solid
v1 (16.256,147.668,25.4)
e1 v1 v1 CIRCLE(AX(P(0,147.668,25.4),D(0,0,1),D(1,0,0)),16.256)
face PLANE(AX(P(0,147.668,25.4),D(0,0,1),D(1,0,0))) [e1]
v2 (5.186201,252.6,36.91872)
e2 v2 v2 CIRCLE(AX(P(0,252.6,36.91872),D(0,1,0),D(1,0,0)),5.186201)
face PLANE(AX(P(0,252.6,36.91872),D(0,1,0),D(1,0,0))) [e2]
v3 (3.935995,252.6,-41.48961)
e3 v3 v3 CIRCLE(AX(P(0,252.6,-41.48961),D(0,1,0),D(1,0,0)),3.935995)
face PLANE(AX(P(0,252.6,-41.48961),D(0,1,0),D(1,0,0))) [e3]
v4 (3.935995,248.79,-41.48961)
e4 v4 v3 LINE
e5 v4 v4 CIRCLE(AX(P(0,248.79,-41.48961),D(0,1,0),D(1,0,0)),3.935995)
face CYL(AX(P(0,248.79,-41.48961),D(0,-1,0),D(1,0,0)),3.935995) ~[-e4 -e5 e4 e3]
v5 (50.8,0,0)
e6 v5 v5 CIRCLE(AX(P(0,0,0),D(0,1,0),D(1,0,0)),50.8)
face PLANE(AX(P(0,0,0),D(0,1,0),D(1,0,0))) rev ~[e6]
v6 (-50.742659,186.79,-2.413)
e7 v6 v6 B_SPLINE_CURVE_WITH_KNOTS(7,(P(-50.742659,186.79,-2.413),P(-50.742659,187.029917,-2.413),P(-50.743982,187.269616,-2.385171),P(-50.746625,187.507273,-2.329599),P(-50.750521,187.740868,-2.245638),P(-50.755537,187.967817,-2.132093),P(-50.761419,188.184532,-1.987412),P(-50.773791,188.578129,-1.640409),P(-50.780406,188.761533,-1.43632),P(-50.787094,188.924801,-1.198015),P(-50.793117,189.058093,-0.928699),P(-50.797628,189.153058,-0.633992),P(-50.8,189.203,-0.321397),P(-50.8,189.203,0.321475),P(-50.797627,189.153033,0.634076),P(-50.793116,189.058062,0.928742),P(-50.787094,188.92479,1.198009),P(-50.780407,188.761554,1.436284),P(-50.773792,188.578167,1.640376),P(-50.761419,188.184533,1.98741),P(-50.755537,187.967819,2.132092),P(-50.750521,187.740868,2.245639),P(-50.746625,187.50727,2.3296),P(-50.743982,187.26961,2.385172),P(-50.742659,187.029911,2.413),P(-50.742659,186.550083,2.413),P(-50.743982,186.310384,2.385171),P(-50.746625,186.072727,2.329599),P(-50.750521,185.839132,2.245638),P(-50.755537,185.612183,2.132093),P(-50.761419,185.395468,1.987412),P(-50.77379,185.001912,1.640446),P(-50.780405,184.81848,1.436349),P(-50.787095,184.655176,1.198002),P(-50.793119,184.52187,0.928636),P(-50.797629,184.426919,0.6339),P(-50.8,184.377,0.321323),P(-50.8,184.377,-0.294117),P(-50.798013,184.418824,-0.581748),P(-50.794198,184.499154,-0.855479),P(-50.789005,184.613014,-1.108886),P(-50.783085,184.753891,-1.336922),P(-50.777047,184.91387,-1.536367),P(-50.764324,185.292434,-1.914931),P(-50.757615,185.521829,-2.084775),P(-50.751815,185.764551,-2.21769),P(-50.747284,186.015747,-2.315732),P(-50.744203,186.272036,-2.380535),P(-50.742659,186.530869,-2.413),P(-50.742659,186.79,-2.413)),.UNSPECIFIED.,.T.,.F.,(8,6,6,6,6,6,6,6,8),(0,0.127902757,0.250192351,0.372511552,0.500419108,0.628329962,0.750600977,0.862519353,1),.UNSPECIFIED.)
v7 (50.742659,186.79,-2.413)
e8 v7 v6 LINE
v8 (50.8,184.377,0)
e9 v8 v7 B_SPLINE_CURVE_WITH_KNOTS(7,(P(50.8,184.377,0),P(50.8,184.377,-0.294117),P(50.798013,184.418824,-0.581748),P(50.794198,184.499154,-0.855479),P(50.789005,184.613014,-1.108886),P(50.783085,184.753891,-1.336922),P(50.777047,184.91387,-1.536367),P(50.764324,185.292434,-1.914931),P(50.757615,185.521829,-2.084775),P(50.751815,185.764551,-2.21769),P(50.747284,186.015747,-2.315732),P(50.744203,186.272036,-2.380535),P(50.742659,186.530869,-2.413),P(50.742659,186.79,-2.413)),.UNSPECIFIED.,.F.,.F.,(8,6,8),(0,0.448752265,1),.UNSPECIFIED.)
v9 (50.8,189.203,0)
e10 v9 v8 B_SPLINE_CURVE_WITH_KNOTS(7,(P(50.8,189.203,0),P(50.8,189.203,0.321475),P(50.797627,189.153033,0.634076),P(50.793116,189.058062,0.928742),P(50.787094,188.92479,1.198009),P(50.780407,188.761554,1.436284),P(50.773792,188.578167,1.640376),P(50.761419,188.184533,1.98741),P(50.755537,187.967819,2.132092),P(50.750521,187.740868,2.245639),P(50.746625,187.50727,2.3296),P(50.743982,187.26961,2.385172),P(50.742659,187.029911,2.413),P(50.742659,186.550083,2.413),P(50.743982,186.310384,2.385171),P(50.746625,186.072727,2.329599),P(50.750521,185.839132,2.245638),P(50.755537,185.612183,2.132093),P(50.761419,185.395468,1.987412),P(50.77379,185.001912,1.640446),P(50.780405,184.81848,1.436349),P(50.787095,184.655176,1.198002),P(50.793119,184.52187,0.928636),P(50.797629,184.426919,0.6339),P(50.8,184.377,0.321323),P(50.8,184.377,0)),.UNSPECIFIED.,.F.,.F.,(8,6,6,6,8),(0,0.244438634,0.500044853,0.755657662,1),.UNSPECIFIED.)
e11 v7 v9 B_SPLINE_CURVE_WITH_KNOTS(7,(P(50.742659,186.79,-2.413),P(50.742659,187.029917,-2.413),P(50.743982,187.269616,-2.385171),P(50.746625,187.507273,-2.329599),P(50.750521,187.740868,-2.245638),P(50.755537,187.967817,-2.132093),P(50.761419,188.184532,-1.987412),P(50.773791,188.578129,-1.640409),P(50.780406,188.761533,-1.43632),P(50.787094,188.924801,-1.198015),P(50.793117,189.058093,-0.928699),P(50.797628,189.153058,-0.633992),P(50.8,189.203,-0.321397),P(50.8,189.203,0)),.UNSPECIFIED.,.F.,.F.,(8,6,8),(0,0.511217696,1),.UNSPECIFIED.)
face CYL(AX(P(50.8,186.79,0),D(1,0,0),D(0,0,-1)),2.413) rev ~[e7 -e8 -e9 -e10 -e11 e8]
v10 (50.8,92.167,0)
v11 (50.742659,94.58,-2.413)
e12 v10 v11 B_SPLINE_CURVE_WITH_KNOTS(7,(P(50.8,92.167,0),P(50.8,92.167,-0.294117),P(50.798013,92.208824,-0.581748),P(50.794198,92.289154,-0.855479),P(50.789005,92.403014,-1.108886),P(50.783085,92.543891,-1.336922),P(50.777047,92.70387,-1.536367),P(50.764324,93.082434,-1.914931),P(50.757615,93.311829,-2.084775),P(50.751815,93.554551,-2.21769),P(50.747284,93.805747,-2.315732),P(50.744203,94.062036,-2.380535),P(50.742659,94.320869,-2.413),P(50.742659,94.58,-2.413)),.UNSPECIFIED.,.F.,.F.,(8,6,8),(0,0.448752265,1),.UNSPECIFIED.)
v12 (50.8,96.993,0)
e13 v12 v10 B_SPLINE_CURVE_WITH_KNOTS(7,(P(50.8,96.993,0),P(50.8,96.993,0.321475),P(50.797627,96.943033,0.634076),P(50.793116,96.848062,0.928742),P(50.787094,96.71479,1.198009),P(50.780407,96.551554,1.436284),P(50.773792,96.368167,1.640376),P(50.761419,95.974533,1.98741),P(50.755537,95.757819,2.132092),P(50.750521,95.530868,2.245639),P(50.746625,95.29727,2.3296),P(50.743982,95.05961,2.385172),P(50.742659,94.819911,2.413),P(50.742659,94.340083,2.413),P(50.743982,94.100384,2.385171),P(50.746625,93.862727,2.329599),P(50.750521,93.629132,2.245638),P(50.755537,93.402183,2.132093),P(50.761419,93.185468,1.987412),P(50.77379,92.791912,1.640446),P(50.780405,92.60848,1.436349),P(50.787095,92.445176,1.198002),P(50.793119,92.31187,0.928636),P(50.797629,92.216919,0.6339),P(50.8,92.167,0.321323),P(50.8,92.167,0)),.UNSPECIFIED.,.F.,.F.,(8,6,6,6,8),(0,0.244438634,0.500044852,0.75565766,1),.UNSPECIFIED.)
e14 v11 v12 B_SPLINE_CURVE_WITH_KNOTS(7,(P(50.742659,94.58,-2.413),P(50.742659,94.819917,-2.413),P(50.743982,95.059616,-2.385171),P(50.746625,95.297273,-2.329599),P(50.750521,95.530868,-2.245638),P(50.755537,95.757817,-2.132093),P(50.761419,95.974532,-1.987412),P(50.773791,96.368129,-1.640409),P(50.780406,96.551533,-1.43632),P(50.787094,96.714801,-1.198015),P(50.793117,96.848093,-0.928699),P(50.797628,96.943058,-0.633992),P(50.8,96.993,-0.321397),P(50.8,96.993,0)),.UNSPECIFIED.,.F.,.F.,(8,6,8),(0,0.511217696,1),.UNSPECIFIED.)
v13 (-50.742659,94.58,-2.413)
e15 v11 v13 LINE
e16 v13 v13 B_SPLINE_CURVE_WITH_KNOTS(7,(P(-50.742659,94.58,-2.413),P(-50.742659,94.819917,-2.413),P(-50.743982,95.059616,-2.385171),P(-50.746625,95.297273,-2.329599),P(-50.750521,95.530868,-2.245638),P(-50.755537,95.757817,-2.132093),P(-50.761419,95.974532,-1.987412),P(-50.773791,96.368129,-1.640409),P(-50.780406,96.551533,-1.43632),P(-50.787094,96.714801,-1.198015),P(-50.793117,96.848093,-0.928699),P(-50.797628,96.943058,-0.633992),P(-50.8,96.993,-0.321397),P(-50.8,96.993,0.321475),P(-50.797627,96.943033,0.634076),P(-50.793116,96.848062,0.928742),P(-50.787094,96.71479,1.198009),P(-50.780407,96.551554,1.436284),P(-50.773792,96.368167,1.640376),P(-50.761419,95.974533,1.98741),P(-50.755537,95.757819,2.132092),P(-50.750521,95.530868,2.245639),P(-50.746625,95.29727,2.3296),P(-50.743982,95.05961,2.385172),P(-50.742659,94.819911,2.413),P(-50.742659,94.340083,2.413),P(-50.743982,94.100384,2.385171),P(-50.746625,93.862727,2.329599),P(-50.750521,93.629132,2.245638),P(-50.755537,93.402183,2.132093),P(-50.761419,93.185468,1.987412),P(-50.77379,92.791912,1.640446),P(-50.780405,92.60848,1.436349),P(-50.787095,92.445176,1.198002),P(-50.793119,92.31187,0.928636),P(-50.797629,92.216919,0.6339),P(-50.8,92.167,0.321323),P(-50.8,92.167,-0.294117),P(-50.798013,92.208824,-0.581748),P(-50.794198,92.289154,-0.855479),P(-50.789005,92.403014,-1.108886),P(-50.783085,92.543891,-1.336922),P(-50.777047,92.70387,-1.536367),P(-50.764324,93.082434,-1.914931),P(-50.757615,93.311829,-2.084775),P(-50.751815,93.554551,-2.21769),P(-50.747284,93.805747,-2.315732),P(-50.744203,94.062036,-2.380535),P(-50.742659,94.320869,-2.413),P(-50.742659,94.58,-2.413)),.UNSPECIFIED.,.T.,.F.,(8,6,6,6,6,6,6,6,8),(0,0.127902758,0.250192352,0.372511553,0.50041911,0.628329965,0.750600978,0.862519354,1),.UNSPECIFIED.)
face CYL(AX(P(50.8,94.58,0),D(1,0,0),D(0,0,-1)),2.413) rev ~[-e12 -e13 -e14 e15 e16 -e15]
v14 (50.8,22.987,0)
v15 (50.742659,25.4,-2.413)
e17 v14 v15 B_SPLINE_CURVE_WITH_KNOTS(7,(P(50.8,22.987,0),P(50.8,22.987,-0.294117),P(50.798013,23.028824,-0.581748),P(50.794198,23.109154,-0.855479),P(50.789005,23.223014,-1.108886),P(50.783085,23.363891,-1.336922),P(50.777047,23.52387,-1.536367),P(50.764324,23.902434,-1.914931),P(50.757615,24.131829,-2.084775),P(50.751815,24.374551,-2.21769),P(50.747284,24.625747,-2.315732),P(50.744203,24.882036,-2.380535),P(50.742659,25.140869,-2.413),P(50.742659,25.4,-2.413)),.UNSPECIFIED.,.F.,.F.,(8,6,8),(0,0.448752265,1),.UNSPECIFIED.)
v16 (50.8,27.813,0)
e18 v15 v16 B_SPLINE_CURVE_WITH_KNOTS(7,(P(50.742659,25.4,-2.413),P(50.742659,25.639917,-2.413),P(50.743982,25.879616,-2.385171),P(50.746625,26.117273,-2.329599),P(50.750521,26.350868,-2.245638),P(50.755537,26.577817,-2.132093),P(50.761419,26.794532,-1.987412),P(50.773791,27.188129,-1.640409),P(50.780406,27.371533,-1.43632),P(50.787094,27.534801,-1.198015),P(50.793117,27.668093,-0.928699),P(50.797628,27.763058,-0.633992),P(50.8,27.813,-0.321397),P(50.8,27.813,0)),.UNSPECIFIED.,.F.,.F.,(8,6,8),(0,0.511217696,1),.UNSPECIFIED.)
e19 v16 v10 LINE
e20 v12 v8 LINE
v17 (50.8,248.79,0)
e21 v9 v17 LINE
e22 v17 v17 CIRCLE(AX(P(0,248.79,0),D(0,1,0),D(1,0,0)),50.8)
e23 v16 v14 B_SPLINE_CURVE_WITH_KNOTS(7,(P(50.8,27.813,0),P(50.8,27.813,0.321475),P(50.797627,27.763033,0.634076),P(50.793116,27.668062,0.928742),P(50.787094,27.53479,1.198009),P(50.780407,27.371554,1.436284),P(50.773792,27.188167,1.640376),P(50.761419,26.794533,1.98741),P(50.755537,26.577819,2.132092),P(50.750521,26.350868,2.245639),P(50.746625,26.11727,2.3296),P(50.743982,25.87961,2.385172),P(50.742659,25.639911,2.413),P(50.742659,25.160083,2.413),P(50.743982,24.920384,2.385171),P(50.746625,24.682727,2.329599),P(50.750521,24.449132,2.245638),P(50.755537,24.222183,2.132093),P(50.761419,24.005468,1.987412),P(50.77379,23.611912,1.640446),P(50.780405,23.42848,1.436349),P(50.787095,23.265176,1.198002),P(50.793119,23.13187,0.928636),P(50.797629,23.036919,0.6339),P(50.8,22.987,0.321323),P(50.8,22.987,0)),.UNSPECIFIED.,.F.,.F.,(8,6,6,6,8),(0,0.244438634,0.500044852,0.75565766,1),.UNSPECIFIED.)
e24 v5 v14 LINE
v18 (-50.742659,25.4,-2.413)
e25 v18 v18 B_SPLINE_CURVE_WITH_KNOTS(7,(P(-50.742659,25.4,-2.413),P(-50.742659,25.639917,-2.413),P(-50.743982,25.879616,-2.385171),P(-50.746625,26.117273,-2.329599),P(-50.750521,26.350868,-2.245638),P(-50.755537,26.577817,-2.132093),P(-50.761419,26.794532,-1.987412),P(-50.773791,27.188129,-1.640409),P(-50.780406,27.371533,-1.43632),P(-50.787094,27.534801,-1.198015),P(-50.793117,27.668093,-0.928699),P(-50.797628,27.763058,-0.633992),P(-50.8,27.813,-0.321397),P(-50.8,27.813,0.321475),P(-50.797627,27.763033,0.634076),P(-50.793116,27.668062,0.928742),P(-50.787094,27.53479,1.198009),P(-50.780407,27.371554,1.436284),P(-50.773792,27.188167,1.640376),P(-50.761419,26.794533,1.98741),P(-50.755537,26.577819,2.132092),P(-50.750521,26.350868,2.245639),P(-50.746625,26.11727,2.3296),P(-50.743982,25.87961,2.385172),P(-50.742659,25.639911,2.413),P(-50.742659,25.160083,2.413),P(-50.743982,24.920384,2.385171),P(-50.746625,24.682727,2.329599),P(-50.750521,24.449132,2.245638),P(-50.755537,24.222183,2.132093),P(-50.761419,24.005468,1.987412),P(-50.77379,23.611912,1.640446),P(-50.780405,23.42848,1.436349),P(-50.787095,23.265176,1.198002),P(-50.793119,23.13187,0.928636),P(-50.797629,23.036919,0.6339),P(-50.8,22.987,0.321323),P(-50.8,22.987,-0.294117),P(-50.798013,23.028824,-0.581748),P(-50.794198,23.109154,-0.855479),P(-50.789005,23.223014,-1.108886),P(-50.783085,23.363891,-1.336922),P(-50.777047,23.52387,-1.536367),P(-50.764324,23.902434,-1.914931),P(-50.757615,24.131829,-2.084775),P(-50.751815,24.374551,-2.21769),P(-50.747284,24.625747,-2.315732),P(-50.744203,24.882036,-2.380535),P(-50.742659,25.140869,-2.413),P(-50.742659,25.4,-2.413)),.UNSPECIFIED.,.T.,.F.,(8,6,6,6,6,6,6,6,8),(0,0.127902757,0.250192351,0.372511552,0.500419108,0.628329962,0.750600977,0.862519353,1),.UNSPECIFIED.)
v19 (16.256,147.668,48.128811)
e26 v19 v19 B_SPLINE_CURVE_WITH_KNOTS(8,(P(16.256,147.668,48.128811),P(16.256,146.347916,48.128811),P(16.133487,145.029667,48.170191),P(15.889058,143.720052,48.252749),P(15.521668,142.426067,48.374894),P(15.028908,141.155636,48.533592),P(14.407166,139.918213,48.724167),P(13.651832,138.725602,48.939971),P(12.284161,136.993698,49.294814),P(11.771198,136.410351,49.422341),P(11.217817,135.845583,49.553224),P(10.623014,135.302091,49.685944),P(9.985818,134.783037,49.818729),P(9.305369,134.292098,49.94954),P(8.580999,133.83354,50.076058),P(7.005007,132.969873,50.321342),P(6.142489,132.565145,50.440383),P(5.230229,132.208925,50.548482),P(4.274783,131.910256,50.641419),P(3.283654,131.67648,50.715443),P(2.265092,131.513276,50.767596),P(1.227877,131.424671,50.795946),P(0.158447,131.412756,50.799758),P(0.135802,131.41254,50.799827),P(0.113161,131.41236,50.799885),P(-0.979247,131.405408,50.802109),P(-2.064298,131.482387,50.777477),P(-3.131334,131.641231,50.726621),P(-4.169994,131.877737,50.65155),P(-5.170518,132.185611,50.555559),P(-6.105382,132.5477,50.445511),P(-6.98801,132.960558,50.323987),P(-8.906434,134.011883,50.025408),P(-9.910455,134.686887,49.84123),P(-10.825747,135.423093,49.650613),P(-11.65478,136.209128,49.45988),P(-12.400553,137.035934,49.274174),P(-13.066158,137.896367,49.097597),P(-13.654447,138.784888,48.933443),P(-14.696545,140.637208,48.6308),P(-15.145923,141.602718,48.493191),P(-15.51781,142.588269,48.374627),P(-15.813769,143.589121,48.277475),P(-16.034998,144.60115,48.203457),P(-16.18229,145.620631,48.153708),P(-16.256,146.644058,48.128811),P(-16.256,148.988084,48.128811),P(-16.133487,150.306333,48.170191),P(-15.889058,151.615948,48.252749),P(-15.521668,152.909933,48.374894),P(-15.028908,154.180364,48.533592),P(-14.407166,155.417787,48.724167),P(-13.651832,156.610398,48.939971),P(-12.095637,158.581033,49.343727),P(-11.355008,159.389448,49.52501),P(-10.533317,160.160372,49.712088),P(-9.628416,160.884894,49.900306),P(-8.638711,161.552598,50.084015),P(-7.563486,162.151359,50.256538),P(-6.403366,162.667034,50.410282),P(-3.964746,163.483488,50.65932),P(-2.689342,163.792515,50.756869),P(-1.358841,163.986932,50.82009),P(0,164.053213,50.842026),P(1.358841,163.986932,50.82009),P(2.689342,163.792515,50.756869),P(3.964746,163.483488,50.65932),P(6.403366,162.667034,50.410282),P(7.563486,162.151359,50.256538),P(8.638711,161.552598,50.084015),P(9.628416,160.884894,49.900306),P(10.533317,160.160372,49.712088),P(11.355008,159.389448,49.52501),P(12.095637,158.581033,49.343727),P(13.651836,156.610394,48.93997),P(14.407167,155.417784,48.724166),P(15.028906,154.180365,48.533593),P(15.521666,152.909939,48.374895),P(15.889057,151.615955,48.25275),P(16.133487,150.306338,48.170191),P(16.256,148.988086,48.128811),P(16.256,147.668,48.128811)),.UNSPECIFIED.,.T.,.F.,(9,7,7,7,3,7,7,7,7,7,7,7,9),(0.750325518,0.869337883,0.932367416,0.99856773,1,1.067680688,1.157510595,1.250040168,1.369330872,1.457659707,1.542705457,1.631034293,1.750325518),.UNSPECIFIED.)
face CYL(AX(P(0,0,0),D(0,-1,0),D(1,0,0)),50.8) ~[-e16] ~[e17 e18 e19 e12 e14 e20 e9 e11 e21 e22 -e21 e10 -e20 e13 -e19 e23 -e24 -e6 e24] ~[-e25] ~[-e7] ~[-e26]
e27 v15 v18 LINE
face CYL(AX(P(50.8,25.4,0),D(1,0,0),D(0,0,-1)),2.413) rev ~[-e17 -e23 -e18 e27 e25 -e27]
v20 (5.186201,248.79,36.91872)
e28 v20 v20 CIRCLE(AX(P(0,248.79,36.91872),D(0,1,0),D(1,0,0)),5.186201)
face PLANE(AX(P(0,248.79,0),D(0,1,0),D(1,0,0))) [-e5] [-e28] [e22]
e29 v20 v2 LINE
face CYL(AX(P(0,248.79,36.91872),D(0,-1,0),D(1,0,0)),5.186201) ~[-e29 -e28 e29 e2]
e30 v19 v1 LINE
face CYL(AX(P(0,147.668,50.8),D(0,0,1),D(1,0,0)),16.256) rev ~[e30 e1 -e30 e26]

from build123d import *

# Parameters (mm, degrees)
SKETCH1_R           = 50.8
BOSS_EXTRUDE1_DEPTH = 248.79
SKETCH3_R           = 16.256
CUT_EXTRUDE1_DEPTH  = 25.4
SKETCH4_R           = 2.413
CUT_EXTRUDE2_DEPTH  = 102.6000001
SKETCH5_R           = 3.935994996
SKETCH5_R_2         = 5.186201194
BOSS_EXTRUDE2_DEPTH = 3.81


with BuildPart() as part:
    # Sketch1 → Boss-Extrude1 (new body)
    with BuildSketch(Plane(origin=(0, 0, 0), x_dir=(1, 0, 0), z_dir=(0, 1, 0))):
        Circle(SKETCH1_R)
    extrude(amount=BOSS_EXTRUDE1_DEPTH)

    # Sketch3 → Cut-Extrude1 (cut)
    with BuildSketch(Plane.XY.offset(50.8)):
        with Locations((0, 147.668)):
            Circle(SKETCH3_R)
    extrude(amount=-CUT_EXTRUDE1_DEPTH, mode=Mode.SUBTRACT)

    # Sketch4 → Cut-Extrude2 (cut, through all)
    with BuildSketch(Plane(origin=(50.8, 0, 0), x_dir=(0, 0, -1), z_dir=(1, 0, 0))):
        with Locations((0, 186.79)):
            Circle(SKETCH4_R)
        with Locations((0, 94.58)):
            Circle(SKETCH4_R)
        with Locations((0, 25.4)):
            Circle(SKETCH4_R)
    extrude(amount=-CUT_EXTRUDE2_DEPTH, mode=Mode.SUBTRACT)

    # Sketch5 → Boss-Extrude2 (add)
    with BuildSketch(Plane(origin=(0, 248.79, 0), x_dir=(1, 0, 0), z_dir=(0, 1, 0))):
        with Locations((0, 41.48960955)):
            Circle(SKETCH5_R)
        with Locations((0, -36.918720362)):
            Circle(SKETCH5_R_2)
    extrude(amount=BOSS_EXTRUDE2_DEPTH)


solid = part.part
